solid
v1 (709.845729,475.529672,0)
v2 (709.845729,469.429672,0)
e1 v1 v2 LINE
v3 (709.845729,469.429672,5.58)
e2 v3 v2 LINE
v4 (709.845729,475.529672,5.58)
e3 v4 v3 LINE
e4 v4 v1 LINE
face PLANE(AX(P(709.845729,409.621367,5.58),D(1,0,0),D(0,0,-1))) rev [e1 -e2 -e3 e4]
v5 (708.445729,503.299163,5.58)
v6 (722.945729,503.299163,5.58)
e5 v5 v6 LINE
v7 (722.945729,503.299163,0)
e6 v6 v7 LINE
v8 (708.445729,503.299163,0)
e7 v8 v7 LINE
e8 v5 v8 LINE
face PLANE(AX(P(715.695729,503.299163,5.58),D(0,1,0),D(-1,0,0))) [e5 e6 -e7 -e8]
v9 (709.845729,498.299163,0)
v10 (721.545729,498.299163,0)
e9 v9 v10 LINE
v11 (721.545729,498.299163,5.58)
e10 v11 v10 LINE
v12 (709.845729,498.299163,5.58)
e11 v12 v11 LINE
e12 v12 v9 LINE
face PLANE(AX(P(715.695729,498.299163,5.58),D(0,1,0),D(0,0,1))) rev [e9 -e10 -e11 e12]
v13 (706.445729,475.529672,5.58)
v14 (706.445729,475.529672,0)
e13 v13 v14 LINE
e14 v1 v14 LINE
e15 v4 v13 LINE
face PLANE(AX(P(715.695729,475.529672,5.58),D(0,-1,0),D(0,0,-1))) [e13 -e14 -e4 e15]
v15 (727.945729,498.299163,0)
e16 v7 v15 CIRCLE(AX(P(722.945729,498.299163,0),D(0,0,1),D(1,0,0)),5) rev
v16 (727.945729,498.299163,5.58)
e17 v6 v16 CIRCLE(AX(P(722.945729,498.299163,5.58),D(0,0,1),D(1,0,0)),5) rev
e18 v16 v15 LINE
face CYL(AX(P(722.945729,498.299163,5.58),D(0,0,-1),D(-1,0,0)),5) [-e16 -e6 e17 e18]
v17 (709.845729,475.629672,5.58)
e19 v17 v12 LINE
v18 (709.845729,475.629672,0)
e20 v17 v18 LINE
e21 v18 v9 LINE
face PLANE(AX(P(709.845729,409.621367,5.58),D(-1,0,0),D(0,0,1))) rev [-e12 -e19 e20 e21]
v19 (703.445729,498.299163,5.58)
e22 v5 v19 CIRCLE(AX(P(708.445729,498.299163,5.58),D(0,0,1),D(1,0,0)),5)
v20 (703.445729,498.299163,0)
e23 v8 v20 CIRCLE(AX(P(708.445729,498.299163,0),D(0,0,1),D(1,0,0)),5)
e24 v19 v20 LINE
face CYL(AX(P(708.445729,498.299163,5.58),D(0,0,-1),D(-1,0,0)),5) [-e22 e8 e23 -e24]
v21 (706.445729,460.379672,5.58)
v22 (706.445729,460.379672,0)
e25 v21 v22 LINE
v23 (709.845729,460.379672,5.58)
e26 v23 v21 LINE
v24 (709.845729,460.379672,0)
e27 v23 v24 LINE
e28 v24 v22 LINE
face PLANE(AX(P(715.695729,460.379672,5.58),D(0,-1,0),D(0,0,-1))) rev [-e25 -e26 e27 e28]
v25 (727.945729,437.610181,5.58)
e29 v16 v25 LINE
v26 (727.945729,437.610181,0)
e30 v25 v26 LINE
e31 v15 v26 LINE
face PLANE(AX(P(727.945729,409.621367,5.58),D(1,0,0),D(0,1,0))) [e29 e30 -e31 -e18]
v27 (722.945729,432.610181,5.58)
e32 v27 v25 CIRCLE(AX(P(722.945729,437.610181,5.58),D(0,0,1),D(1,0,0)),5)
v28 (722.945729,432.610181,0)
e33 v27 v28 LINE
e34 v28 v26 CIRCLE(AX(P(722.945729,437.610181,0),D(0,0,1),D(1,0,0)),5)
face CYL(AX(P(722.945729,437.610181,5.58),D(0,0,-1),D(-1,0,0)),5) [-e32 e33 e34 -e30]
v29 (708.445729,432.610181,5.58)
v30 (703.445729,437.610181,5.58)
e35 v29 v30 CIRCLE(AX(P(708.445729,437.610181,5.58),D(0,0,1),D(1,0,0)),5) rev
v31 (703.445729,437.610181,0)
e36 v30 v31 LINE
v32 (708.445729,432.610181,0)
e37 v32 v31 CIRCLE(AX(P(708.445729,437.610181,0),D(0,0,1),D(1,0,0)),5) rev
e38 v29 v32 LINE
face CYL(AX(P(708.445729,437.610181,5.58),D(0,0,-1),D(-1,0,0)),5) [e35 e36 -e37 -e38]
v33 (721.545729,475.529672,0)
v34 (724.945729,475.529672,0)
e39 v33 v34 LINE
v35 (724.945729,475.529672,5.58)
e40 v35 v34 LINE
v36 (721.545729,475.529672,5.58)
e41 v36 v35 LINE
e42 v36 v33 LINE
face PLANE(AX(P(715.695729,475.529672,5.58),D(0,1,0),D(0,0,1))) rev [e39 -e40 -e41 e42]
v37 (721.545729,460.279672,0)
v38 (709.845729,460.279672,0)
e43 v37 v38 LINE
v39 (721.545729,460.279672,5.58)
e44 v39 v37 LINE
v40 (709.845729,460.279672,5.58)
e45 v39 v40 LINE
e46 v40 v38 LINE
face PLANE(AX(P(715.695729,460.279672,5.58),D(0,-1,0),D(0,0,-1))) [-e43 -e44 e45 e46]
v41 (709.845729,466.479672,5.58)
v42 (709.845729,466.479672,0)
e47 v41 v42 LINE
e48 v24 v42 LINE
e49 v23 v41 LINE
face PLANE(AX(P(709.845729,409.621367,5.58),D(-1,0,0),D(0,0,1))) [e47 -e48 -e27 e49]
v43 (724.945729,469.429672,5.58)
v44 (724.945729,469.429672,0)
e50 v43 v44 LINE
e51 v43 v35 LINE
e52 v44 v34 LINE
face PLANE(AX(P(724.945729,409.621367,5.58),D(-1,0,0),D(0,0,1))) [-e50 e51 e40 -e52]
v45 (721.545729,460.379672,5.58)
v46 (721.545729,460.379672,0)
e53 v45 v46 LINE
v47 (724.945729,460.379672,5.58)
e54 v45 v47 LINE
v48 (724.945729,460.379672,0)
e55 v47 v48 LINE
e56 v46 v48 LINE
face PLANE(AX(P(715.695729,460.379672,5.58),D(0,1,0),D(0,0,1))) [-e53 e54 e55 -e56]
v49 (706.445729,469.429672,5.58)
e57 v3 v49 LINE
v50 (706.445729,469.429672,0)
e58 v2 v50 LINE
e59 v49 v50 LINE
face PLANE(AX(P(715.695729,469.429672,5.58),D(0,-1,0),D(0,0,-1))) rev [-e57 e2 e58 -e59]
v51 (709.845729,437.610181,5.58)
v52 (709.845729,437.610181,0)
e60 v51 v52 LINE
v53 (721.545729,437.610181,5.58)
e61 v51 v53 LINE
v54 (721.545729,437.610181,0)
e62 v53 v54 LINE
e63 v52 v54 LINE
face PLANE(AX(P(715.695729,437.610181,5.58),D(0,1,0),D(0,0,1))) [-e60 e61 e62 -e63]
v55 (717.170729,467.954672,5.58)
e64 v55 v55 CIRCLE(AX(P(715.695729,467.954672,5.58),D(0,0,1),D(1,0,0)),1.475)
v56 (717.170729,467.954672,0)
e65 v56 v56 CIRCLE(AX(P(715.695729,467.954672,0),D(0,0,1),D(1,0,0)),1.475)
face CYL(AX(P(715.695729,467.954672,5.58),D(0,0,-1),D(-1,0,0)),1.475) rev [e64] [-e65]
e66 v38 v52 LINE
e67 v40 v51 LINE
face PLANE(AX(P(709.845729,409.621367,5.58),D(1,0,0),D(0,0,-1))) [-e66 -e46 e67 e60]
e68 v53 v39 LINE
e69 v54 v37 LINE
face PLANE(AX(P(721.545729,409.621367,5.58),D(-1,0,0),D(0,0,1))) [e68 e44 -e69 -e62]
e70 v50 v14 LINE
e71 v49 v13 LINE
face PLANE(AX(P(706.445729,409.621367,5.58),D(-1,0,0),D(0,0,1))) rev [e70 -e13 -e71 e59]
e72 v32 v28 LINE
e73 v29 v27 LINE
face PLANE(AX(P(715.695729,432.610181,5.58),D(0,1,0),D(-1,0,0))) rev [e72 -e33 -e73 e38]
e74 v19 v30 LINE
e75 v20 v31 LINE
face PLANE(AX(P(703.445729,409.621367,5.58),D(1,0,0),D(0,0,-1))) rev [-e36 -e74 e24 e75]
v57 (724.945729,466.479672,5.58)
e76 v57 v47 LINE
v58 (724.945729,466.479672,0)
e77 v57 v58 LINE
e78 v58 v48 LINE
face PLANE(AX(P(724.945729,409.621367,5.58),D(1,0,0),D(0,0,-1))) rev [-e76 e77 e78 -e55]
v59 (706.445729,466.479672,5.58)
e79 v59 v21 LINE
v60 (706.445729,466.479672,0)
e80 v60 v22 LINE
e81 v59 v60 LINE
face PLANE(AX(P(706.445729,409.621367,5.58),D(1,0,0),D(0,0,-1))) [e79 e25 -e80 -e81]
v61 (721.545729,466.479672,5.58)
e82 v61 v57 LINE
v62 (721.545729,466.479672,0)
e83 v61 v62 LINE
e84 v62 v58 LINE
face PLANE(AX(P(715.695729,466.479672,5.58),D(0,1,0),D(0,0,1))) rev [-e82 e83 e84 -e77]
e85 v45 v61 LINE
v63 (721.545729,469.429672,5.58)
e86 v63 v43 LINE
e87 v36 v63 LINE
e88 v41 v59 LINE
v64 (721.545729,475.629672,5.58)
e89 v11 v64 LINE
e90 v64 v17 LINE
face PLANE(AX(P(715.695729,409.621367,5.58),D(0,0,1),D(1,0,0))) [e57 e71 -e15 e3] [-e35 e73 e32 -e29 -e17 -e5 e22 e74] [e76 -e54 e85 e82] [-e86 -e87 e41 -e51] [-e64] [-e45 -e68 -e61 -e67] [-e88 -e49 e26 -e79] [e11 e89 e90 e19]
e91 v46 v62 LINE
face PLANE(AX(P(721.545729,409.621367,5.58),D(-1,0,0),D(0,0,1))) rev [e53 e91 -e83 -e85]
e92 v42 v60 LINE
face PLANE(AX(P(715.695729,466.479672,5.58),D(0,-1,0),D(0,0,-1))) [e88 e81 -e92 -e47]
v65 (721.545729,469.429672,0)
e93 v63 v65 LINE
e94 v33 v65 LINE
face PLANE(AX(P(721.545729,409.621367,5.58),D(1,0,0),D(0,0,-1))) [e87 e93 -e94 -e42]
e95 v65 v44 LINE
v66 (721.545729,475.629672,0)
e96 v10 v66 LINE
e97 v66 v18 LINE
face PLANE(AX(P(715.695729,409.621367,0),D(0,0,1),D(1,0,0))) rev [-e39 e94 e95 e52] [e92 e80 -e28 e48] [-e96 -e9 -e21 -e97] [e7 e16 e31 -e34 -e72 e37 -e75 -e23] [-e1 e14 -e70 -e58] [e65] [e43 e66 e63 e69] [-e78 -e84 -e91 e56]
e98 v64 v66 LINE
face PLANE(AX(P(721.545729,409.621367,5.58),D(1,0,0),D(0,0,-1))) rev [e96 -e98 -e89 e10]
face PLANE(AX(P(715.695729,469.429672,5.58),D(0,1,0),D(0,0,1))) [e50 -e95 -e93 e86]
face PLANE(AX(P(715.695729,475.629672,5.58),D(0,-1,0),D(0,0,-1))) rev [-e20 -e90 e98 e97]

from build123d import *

# Parameters (mm, degrees)
SKETCH1_W           = 11.7
SKETCH1_H           = 22.669491249
SKETCH1_W_2         = 3.4
SKETCH1_H_2         = 6.1
SKETCH1_R           = 1.475
SKETCH1_H_3         = 22.669491248
BOSS_EXTRUDE1_DEPTH = 5.58


with BuildPart() as part:
    # Sketch1 → Boss-Extrude1 (new body)
    with BuildSketch(Plane.XY):
        with BuildLine():
            Line((708.445729089, 432.610180658), (715.695729089, 432.610180658))
            Line((715.695729089, 432.610180658), (722.945729089, 432.610180658))
            ThreePointArc((722.945729089, 432.610180658), (726.481262995, 434.074646752), (727.945729089, 437.610180658))
            Line((727.945729089, 437.610180658), (727.945729089, 498.299163155))
            ThreePointArc((727.945729089, 498.299163155), (726.481262995, 501.834697061), (722.945729089, 503.299163155))
            Line((722.945729089, 503.299163155), (715.695729089, 503.299163155))
            Line((715.695729089, 503.299163155), (708.445729089, 503.299163155))
            ThreePointArc((708.445729089, 503.299163155), (704.910195183, 501.834697061), (703.445729089, 498.299163155))
            Line((703.445729089, 498.299163155), (703.445729089, 437.610180658))
            ThreePointArc((703.445729089, 437.610180658), (704.910195183, 434.074646752), (708.445729089, 432.610180658))
        make_face()
        with Locations((715.695729089, 448.944926283)):
            Rectangle(SKETCH1_W, SKETCH1_H, mode=Mode.SUBTRACT)
        with Locations((708.145729089, 463.429671907)):
            Rectangle(SKETCH1_W_2, SKETCH1_H_2, mode=Mode.SUBTRACT)
        with Locations((715.695729089, 467.954671907)):
            Circle(SKETCH1_R, mode=Mode.SUBTRACT)
        with Locations((723.245729089, 463.429671907)):
            Rectangle(SKETCH1_W_2, SKETCH1_H_2, mode=Mode.SUBTRACT)
        with Locations((708.145729089, 472.479671907)):
            Rectangle(SKETCH1_W_2, SKETCH1_H_2, mode=Mode.SUBTRACT)
        with Locations((715.695729089, 486.964417531)):
            Rectangle(SKETCH1_W, SKETCH1_H_3, mode=Mode.SUBTRACT)
        with Locations((723.245729089, 472.479671907)):
            Rectangle(SKETCH1_W_2, SKETCH1_H_2, mode=Mode.SUBTRACT)
    extrude(amount=BOSS_EXTRUDE1_DEPTH)


solid = part.part
